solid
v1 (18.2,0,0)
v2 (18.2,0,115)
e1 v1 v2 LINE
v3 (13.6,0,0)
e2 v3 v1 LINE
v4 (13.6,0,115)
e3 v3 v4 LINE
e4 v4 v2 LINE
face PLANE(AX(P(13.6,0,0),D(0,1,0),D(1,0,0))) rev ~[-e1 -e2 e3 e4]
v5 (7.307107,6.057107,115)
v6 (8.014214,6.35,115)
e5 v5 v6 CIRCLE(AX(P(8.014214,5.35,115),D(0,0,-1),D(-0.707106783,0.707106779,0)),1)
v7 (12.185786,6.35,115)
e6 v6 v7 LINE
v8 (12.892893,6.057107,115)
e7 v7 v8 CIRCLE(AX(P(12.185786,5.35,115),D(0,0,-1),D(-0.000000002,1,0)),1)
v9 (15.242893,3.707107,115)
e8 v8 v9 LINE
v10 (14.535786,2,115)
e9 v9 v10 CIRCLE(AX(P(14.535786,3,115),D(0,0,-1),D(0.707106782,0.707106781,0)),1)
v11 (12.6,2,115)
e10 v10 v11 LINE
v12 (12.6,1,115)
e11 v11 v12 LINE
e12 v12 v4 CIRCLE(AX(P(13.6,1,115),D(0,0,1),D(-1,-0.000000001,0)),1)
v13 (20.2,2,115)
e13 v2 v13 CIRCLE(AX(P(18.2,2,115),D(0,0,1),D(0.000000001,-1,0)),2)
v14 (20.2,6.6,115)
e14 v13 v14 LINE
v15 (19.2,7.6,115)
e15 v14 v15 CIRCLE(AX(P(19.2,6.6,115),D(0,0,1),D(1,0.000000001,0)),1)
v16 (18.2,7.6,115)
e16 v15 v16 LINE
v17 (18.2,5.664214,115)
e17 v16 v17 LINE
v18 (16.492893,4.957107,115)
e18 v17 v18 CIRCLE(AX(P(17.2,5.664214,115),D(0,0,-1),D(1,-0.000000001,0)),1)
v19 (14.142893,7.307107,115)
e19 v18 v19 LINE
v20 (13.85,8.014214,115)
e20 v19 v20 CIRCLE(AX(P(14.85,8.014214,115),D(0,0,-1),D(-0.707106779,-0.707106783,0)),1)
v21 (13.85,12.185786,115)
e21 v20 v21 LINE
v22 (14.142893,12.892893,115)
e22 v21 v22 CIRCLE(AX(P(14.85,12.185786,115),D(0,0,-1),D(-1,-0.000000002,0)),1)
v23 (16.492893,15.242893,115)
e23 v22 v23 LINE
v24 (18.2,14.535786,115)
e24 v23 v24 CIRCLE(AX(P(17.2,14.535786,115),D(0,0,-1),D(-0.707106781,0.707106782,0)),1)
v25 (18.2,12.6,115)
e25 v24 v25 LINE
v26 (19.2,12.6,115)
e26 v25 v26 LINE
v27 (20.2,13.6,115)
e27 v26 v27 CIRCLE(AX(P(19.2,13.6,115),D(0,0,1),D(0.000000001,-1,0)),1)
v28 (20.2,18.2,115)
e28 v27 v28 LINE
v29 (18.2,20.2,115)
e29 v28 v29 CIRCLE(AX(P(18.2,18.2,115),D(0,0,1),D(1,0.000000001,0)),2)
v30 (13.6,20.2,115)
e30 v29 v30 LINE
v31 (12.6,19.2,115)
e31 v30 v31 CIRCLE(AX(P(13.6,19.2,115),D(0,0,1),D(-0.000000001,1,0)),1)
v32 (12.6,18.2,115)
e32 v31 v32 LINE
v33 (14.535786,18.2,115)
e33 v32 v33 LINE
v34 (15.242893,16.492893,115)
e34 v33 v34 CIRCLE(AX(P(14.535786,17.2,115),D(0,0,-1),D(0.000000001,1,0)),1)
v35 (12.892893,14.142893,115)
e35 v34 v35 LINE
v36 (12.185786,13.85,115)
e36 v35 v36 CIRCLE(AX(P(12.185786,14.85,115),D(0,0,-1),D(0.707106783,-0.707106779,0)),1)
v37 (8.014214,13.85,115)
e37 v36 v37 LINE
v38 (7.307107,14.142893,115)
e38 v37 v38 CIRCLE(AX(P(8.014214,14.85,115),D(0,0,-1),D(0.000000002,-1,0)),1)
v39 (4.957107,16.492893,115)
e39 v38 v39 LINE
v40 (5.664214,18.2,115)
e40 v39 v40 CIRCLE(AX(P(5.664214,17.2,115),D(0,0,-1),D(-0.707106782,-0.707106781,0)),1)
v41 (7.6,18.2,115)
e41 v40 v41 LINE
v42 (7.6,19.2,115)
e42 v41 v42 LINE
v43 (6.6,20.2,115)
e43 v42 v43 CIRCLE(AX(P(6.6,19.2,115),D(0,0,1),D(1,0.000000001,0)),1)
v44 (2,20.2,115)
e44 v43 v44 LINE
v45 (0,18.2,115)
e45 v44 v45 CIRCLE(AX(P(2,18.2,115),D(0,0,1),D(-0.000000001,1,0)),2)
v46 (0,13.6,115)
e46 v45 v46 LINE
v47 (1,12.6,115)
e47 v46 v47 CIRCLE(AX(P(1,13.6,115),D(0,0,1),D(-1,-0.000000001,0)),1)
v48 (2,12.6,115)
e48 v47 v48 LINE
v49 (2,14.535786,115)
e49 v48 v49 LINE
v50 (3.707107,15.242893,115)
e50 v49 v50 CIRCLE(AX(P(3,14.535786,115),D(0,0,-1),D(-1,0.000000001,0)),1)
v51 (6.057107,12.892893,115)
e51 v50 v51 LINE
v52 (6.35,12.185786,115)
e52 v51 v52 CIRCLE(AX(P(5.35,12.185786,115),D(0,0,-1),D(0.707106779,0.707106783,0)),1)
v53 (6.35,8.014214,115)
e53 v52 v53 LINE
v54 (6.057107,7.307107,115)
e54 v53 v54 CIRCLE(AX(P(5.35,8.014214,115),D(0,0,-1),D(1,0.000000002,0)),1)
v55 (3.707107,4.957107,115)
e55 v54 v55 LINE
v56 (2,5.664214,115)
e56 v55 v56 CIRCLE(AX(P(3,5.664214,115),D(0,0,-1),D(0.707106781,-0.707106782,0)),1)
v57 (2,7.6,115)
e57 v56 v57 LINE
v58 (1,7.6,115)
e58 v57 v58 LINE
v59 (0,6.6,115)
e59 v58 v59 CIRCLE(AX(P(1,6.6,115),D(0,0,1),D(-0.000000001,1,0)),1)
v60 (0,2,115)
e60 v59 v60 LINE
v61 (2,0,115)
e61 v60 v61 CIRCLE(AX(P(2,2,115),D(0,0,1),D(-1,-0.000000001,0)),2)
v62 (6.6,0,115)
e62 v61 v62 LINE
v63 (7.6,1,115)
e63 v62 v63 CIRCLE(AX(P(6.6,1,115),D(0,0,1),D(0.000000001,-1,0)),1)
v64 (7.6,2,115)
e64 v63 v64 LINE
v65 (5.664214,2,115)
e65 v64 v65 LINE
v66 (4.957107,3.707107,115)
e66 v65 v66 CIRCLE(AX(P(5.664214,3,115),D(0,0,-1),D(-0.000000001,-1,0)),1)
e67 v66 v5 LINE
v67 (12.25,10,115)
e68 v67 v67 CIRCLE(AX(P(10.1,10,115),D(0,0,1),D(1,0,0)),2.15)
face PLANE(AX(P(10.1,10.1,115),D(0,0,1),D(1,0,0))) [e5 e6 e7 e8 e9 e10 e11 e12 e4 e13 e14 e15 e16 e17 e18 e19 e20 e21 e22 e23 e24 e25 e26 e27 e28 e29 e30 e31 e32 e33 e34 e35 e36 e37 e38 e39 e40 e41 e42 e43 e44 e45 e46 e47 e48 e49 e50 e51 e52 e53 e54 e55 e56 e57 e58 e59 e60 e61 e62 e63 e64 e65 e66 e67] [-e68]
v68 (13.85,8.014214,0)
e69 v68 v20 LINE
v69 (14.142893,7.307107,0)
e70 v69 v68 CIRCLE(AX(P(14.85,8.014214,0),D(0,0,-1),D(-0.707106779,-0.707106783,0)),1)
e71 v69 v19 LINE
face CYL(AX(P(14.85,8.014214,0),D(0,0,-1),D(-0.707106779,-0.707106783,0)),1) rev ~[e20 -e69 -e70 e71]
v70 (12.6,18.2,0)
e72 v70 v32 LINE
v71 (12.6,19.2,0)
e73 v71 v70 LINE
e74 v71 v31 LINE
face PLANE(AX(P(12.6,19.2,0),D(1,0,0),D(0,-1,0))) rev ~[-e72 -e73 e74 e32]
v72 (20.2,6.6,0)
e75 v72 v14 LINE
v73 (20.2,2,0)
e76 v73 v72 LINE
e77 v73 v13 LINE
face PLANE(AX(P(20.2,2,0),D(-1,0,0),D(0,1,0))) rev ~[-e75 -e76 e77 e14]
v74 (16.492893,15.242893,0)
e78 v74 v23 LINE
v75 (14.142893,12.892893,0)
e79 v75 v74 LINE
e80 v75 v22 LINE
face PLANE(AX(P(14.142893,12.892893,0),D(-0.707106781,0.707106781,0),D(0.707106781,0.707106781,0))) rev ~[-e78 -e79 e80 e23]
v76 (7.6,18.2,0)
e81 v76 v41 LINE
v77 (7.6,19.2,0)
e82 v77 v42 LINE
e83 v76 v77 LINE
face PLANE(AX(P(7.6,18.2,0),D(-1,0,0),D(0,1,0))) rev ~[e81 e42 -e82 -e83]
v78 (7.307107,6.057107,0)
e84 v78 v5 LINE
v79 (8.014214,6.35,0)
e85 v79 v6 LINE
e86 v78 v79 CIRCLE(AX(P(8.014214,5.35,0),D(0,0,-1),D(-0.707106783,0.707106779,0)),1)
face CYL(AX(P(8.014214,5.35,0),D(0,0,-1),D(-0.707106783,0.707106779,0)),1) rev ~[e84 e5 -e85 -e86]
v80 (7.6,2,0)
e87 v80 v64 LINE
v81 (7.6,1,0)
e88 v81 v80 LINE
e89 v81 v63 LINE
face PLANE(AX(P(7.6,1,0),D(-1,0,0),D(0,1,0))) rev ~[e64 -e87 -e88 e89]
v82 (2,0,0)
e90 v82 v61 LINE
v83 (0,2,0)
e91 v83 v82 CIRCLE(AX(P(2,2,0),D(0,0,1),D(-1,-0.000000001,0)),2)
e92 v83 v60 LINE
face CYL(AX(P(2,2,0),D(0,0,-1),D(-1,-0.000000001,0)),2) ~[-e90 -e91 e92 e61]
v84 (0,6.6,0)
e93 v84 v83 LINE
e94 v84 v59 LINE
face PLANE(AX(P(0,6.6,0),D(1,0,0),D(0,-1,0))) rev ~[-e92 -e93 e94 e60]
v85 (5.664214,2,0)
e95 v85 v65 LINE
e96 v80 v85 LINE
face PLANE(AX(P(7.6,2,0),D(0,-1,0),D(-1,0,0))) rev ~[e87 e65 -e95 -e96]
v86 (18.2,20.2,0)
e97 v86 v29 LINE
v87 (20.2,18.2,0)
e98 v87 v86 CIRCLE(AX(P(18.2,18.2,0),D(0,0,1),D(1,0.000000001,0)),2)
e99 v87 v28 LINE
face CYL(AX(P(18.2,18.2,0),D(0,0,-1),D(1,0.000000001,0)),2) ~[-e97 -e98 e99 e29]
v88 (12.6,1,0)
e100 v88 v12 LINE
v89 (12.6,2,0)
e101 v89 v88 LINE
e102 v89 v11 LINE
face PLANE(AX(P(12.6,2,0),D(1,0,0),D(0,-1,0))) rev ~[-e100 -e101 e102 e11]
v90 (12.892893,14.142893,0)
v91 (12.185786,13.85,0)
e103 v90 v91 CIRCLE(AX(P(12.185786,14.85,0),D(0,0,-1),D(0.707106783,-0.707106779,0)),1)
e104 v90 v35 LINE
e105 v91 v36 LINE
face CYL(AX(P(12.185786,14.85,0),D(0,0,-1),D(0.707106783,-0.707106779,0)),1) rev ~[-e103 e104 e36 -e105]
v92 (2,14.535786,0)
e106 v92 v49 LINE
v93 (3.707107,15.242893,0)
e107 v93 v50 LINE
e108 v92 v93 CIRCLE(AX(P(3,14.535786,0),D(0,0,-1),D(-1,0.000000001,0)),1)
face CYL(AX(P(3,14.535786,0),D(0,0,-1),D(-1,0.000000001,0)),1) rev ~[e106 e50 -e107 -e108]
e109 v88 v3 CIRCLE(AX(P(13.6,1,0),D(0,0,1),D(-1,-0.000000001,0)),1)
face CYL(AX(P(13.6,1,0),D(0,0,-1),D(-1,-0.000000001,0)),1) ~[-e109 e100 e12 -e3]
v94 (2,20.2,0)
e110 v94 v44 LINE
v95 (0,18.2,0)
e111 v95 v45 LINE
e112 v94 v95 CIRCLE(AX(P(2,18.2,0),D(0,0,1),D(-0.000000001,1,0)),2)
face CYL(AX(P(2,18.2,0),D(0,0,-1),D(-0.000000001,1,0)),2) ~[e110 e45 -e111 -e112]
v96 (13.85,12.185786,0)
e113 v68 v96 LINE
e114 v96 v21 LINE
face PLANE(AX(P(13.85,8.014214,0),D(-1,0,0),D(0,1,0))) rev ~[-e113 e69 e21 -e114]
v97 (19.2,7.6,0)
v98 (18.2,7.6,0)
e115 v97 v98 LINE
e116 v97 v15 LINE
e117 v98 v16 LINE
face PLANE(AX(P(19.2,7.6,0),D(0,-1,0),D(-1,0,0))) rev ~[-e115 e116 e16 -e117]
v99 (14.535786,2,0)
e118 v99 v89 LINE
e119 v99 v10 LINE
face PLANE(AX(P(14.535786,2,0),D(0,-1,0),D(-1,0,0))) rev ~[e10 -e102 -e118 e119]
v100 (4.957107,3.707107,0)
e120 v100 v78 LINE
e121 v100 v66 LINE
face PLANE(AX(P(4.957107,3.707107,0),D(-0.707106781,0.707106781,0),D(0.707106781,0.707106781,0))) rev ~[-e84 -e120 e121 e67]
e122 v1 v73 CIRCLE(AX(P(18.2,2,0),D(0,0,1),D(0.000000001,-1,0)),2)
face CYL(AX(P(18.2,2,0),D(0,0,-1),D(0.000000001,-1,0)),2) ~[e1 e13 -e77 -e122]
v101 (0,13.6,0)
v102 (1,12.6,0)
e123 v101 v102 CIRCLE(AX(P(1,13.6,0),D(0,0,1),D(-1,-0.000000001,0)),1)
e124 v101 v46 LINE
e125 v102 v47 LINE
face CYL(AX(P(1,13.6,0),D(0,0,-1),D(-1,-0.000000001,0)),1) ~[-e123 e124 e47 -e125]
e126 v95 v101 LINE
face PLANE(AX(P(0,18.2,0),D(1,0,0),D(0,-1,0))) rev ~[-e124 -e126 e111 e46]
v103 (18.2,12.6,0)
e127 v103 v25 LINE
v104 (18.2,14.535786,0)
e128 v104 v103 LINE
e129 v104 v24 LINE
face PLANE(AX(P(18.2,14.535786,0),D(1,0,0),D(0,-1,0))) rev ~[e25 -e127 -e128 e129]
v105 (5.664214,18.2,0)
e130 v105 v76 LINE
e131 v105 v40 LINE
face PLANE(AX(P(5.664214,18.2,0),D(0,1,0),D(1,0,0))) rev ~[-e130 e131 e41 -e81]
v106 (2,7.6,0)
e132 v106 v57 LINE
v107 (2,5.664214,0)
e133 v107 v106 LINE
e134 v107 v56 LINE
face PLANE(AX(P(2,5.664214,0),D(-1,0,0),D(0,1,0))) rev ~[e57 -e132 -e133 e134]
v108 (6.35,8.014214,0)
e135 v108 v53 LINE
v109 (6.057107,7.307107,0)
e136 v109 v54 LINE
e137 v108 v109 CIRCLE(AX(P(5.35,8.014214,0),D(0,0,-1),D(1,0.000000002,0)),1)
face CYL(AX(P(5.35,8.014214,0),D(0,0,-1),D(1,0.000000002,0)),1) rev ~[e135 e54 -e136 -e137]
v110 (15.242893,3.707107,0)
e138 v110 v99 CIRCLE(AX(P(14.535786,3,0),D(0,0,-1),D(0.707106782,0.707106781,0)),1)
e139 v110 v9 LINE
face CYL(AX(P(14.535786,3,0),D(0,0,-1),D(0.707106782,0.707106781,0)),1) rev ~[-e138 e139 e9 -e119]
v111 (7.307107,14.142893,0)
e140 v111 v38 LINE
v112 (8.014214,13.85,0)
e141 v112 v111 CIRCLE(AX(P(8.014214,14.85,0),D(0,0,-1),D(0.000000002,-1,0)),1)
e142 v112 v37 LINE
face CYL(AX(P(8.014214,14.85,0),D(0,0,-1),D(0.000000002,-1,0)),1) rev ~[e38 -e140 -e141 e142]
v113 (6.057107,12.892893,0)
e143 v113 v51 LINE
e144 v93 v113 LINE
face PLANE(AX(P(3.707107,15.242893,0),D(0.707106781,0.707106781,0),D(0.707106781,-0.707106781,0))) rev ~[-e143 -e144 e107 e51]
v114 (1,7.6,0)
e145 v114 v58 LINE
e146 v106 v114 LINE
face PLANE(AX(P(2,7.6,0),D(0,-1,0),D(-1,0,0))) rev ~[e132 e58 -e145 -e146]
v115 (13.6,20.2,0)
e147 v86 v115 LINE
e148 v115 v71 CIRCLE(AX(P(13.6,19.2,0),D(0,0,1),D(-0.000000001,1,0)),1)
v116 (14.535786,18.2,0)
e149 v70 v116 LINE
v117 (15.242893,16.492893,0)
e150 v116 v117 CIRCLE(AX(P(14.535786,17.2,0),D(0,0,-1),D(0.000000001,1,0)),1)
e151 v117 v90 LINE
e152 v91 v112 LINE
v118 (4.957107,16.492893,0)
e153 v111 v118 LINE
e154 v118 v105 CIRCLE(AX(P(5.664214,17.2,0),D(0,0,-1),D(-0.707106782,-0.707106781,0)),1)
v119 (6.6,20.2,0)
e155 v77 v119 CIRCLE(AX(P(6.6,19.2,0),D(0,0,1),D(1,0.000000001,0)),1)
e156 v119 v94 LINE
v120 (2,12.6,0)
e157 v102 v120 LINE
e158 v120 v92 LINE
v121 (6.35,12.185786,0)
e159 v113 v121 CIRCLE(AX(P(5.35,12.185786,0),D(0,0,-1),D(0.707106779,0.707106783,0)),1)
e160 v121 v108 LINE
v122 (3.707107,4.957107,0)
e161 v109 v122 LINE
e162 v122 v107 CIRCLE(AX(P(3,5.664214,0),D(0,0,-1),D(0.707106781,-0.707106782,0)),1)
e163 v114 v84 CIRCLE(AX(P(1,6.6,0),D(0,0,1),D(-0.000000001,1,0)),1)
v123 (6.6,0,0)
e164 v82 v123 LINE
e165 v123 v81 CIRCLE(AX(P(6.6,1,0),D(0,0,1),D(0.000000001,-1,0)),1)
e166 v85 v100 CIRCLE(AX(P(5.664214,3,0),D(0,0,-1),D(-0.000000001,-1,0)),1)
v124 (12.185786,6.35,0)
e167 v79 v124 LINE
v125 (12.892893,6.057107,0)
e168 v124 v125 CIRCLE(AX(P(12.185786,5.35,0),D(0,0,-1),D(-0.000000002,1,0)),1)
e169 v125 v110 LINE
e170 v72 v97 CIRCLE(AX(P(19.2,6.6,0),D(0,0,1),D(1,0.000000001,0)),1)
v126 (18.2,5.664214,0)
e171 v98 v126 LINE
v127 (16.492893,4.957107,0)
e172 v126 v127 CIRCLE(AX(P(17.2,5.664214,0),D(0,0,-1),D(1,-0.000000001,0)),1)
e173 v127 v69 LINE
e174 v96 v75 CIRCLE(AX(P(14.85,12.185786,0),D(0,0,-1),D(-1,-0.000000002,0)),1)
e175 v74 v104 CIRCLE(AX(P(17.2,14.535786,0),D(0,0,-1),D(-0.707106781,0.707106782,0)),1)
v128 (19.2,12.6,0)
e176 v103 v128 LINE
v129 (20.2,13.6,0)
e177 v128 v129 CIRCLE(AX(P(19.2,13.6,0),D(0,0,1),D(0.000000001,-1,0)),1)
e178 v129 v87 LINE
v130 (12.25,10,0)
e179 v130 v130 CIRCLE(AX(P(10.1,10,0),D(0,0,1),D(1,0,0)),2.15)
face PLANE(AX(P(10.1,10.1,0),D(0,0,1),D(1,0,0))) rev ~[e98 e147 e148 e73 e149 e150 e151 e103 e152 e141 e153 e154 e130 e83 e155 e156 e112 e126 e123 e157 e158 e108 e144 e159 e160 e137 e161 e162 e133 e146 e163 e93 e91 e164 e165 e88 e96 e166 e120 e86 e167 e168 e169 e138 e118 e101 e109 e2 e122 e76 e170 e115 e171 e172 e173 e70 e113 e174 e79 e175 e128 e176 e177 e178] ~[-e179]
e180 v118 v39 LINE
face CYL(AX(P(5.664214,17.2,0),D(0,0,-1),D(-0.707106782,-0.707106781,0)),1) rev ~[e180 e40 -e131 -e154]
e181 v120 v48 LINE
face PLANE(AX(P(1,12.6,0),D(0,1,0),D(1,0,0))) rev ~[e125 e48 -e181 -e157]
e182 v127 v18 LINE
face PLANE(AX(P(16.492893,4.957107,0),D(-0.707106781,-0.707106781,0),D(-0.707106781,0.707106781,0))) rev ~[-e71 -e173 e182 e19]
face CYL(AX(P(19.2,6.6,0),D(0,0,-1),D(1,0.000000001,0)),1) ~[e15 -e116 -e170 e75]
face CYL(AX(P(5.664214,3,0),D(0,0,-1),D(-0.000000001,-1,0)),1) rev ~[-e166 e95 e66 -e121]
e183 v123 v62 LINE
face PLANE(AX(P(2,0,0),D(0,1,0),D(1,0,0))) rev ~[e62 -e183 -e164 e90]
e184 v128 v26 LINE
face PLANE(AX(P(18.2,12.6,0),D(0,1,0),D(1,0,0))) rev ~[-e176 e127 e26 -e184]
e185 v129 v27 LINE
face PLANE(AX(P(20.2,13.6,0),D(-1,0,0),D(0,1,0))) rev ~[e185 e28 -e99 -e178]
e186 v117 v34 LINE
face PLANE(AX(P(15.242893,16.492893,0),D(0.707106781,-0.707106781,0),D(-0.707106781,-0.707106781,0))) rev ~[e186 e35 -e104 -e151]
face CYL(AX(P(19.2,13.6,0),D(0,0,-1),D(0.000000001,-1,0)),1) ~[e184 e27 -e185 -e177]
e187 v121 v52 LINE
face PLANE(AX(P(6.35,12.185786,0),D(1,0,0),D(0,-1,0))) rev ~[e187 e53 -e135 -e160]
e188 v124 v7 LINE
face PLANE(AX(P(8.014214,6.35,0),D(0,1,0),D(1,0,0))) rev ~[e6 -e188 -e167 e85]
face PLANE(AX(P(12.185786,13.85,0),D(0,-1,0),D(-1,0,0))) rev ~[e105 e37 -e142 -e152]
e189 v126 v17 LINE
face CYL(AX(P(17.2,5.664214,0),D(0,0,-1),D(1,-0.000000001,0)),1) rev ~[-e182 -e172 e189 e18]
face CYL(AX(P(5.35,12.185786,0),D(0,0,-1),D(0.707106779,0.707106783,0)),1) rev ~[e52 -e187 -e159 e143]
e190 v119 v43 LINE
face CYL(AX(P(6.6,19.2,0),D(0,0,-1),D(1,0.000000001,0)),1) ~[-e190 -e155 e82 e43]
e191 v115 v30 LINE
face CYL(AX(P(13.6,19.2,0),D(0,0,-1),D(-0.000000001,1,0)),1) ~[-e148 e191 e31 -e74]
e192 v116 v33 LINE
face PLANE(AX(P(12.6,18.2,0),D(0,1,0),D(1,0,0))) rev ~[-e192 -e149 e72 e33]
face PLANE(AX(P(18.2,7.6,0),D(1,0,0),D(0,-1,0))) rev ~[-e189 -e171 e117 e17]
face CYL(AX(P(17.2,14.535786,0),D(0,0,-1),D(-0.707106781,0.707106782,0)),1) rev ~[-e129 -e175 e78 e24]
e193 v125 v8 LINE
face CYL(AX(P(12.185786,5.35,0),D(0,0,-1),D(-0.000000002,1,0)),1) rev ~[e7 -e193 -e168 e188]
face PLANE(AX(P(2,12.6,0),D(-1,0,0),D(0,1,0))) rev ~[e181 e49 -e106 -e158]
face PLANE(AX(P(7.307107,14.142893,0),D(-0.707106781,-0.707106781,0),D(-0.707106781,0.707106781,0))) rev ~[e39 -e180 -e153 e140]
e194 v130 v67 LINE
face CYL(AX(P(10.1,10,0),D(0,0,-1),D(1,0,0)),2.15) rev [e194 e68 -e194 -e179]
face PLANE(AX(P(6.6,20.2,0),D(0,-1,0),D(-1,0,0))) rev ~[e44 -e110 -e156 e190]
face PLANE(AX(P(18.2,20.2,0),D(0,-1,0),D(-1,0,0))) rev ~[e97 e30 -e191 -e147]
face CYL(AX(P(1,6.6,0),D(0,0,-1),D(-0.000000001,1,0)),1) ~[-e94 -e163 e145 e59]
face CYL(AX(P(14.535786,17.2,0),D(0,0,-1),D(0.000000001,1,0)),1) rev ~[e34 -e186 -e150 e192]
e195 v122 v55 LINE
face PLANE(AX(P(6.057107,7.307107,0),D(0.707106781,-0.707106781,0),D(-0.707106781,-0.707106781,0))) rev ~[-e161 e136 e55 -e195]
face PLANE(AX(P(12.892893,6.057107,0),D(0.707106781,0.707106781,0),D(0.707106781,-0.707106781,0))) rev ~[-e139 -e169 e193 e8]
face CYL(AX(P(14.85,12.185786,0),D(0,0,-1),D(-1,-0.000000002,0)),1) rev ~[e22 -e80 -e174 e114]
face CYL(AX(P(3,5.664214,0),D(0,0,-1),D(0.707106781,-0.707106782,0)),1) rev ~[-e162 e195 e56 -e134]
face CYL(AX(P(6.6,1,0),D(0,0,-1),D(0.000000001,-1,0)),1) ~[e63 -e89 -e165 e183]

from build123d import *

# Parameters (mm, degrees)
SKETCH1_R           = 2.15
BOSS_EXTRUDE1_DEPTH = 115


with BuildPart() as part:
    # Sketch1 → Boss-Extrude1 (new body)
    with BuildSketch(Plane.XY):
        with BuildLine():
            Line((2, 0), (6.6, 0))
            ThreePointArc((6.6, 0), (7.307106781, 0.292893219), (7.6, 1))
            Line((7.6, 1), (7.6, 2))
            Line((7.6, 2), (5.664213562, 2))
            ThreePointArc((5.664213562, 2), (4.74033403, 2.617316568), (4.957106781, 3.707106781))
            Line((4.957106781, 3.707106781), (7.307106781, 6.057106781))
            ThreePointArc((7.307106781, 6.057106781), (7.63153013, 6.273879533), (8.014213562, 6.35))
            Line((8.014213562, 6.35), (12.185786438, 6.35))
            ThreePointArc((12.185786438, 6.35), (12.56846987, 6.273879533), (12.892893219, 6.057106781))
            Line((12.892893219, 6.057106781), (15.242893219, 3.707106781))
            ThreePointArc((15.242893219, 3.707106781), (15.45966597, 2.617316568), (14.535786438, 2))
            Line((14.535786438, 2), (12.6, 2))
            Line((12.6, 2), (12.6, 1))
            ThreePointArc((12.6, 1), (12.892893219, 0.292893219), (13.6, 0))
            Line((13.6, 0), (18.2, 0))
            ThreePointArc((18.2, 0), (19.614213562, 0.585786438), (20.2, 2))
            Line((20.2, 2), (20.2, 6.6))
            ThreePointArc((20.2, 6.6), (19.907106781, 7.307106781), (19.2, 7.6))
            Line((19.2, 7.6), (18.2, 7.6))
            Line((18.2, 7.6), (18.2, 5.664213562))
            ThreePointArc((18.2, 5.664213562), (17.582683432, 4.74033403), (16.492893219, 4.957106781))
            Line((16.492893219, 4.957106781), (14.142893219, 7.307106781))
            ThreePointArc((14.142893219, 7.307106781), (13.926120467, 7.63153013), (13.85, 8.014213562))
            Line((13.85, 8.014213562), (13.85, 12.185786438))
            ThreePointArc((13.85, 12.185786438), (13.926120467, 12.56846987), (14.142893219, 12.892893219))
            Line((14.142893219, 12.892893219), (16.492893219, 15.242893219))
            ThreePointArc((16.492893219, 15.242893219), (17.582683432, 15.45966597), (18.2, 14.535786438))
            Line((18.2, 14.535786438), (18.2, 12.6))
            Line((18.2, 12.6), (19.2, 12.6))
            ThreePointArc((19.2, 12.6), (19.907106781, 12.892893219), (20.2, 13.6))
            Line((20.2, 13.6), (20.2, 18.2))
            ThreePointArc((20.2, 18.2), (19.614213562, 19.614213562), (18.2, 20.2))
            Line((18.2, 20.2), (13.6, 20.2))
            ThreePointArc((13.6, 20.2), (12.892893219, 19.907106781), (12.6, 19.2))
            Line((12.6, 19.2), (12.6, 18.2))
            Line((12.6, 18.2), (14.535786438, 18.2))
            ThreePointArc((14.535786438, 18.2), (15.45966597, 17.582683432), (15.242893219, 16.492893219))
            Line((15.242893219, 16.492893219), (12.892893219, 14.142893219))
            ThreePointArc((12.892893219, 14.142893219), (12.56846987, 13.926120467), (12.185786438, 13.85))
            Line((12.185786438, 13.85), (8.014213562, 13.85))
            ThreePointArc((8.014213562, 13.85), (7.63153013, 13.926120467), (7.307106781, 14.142893219))
            Line((7.307106781, 14.142893219), (4.957106781, 16.492893219))
            ThreePointArc((4.957106781, 16.492893219), (4.74033403, 17.582683432), (5.664213562, 18.2))
            Line((5.664213562, 18.2), (7.6, 18.2))
            Line((7.6, 18.2), (7.6, 19.2))
            ThreePointArc((7.6, 19.2), (7.307106781, 19.907106781), (6.6, 20.2))
            Line((6.6, 20.2), (2, 20.2))
            ThreePointArc((2, 20.2), (0.585786438, 19.614213562), (0, 18.2))
            Line((0, 18.2), (0, 13.6))
            ThreePointArc((0, 13.6), (0.292893219, 12.892893219), (1, 12.6))
            Line((1, 12.6), (2, 12.6))
            Line((2, 12.6), (2, 14.535786438))
            ThreePointArc((2, 14.535786438), (2.617316568, 15.45966597), (3.707106781, 15.242893219))
            Line((3.707106781, 15.242893219), (6.057106781, 12.892893219))
            ThreePointArc((6.057106781, 12.892893219), (6.273879533, 12.56846987), (6.35, 12.185786438))
            Line((6.35, 12.185786438), (6.35, 8.014213562))
            ThreePointArc((6.35, 8.014213562), (6.273879533, 7.63153013), (6.057106781, 7.307106781))
            Line((6.057106781, 7.307106781), (3.707106781, 4.957106781))
            ThreePointArc((3.707106781, 4.957106781), (2.617316568, 4.74033403), (2, 5.664213562))
            Line((2, 5.664213562), (2, 7.6))
            Line((2, 7.6), (1, 7.6))
            ThreePointArc((1, 7.6), (0.292893219, 7.307106781), (0, 6.6))
            Line((0, 6.6), (0, 2))
            ThreePointArc((0, 2), (0.585786438, 0.585786438), (2, 0))
        make_face()
        with Locations((10.1, 10)):
            Circle(SKETCH1_R, mode=Mode.SUBTRACT)
    extrude(amount=BOSS_EXTRUDE1_DEPTH)


solid = part.part
